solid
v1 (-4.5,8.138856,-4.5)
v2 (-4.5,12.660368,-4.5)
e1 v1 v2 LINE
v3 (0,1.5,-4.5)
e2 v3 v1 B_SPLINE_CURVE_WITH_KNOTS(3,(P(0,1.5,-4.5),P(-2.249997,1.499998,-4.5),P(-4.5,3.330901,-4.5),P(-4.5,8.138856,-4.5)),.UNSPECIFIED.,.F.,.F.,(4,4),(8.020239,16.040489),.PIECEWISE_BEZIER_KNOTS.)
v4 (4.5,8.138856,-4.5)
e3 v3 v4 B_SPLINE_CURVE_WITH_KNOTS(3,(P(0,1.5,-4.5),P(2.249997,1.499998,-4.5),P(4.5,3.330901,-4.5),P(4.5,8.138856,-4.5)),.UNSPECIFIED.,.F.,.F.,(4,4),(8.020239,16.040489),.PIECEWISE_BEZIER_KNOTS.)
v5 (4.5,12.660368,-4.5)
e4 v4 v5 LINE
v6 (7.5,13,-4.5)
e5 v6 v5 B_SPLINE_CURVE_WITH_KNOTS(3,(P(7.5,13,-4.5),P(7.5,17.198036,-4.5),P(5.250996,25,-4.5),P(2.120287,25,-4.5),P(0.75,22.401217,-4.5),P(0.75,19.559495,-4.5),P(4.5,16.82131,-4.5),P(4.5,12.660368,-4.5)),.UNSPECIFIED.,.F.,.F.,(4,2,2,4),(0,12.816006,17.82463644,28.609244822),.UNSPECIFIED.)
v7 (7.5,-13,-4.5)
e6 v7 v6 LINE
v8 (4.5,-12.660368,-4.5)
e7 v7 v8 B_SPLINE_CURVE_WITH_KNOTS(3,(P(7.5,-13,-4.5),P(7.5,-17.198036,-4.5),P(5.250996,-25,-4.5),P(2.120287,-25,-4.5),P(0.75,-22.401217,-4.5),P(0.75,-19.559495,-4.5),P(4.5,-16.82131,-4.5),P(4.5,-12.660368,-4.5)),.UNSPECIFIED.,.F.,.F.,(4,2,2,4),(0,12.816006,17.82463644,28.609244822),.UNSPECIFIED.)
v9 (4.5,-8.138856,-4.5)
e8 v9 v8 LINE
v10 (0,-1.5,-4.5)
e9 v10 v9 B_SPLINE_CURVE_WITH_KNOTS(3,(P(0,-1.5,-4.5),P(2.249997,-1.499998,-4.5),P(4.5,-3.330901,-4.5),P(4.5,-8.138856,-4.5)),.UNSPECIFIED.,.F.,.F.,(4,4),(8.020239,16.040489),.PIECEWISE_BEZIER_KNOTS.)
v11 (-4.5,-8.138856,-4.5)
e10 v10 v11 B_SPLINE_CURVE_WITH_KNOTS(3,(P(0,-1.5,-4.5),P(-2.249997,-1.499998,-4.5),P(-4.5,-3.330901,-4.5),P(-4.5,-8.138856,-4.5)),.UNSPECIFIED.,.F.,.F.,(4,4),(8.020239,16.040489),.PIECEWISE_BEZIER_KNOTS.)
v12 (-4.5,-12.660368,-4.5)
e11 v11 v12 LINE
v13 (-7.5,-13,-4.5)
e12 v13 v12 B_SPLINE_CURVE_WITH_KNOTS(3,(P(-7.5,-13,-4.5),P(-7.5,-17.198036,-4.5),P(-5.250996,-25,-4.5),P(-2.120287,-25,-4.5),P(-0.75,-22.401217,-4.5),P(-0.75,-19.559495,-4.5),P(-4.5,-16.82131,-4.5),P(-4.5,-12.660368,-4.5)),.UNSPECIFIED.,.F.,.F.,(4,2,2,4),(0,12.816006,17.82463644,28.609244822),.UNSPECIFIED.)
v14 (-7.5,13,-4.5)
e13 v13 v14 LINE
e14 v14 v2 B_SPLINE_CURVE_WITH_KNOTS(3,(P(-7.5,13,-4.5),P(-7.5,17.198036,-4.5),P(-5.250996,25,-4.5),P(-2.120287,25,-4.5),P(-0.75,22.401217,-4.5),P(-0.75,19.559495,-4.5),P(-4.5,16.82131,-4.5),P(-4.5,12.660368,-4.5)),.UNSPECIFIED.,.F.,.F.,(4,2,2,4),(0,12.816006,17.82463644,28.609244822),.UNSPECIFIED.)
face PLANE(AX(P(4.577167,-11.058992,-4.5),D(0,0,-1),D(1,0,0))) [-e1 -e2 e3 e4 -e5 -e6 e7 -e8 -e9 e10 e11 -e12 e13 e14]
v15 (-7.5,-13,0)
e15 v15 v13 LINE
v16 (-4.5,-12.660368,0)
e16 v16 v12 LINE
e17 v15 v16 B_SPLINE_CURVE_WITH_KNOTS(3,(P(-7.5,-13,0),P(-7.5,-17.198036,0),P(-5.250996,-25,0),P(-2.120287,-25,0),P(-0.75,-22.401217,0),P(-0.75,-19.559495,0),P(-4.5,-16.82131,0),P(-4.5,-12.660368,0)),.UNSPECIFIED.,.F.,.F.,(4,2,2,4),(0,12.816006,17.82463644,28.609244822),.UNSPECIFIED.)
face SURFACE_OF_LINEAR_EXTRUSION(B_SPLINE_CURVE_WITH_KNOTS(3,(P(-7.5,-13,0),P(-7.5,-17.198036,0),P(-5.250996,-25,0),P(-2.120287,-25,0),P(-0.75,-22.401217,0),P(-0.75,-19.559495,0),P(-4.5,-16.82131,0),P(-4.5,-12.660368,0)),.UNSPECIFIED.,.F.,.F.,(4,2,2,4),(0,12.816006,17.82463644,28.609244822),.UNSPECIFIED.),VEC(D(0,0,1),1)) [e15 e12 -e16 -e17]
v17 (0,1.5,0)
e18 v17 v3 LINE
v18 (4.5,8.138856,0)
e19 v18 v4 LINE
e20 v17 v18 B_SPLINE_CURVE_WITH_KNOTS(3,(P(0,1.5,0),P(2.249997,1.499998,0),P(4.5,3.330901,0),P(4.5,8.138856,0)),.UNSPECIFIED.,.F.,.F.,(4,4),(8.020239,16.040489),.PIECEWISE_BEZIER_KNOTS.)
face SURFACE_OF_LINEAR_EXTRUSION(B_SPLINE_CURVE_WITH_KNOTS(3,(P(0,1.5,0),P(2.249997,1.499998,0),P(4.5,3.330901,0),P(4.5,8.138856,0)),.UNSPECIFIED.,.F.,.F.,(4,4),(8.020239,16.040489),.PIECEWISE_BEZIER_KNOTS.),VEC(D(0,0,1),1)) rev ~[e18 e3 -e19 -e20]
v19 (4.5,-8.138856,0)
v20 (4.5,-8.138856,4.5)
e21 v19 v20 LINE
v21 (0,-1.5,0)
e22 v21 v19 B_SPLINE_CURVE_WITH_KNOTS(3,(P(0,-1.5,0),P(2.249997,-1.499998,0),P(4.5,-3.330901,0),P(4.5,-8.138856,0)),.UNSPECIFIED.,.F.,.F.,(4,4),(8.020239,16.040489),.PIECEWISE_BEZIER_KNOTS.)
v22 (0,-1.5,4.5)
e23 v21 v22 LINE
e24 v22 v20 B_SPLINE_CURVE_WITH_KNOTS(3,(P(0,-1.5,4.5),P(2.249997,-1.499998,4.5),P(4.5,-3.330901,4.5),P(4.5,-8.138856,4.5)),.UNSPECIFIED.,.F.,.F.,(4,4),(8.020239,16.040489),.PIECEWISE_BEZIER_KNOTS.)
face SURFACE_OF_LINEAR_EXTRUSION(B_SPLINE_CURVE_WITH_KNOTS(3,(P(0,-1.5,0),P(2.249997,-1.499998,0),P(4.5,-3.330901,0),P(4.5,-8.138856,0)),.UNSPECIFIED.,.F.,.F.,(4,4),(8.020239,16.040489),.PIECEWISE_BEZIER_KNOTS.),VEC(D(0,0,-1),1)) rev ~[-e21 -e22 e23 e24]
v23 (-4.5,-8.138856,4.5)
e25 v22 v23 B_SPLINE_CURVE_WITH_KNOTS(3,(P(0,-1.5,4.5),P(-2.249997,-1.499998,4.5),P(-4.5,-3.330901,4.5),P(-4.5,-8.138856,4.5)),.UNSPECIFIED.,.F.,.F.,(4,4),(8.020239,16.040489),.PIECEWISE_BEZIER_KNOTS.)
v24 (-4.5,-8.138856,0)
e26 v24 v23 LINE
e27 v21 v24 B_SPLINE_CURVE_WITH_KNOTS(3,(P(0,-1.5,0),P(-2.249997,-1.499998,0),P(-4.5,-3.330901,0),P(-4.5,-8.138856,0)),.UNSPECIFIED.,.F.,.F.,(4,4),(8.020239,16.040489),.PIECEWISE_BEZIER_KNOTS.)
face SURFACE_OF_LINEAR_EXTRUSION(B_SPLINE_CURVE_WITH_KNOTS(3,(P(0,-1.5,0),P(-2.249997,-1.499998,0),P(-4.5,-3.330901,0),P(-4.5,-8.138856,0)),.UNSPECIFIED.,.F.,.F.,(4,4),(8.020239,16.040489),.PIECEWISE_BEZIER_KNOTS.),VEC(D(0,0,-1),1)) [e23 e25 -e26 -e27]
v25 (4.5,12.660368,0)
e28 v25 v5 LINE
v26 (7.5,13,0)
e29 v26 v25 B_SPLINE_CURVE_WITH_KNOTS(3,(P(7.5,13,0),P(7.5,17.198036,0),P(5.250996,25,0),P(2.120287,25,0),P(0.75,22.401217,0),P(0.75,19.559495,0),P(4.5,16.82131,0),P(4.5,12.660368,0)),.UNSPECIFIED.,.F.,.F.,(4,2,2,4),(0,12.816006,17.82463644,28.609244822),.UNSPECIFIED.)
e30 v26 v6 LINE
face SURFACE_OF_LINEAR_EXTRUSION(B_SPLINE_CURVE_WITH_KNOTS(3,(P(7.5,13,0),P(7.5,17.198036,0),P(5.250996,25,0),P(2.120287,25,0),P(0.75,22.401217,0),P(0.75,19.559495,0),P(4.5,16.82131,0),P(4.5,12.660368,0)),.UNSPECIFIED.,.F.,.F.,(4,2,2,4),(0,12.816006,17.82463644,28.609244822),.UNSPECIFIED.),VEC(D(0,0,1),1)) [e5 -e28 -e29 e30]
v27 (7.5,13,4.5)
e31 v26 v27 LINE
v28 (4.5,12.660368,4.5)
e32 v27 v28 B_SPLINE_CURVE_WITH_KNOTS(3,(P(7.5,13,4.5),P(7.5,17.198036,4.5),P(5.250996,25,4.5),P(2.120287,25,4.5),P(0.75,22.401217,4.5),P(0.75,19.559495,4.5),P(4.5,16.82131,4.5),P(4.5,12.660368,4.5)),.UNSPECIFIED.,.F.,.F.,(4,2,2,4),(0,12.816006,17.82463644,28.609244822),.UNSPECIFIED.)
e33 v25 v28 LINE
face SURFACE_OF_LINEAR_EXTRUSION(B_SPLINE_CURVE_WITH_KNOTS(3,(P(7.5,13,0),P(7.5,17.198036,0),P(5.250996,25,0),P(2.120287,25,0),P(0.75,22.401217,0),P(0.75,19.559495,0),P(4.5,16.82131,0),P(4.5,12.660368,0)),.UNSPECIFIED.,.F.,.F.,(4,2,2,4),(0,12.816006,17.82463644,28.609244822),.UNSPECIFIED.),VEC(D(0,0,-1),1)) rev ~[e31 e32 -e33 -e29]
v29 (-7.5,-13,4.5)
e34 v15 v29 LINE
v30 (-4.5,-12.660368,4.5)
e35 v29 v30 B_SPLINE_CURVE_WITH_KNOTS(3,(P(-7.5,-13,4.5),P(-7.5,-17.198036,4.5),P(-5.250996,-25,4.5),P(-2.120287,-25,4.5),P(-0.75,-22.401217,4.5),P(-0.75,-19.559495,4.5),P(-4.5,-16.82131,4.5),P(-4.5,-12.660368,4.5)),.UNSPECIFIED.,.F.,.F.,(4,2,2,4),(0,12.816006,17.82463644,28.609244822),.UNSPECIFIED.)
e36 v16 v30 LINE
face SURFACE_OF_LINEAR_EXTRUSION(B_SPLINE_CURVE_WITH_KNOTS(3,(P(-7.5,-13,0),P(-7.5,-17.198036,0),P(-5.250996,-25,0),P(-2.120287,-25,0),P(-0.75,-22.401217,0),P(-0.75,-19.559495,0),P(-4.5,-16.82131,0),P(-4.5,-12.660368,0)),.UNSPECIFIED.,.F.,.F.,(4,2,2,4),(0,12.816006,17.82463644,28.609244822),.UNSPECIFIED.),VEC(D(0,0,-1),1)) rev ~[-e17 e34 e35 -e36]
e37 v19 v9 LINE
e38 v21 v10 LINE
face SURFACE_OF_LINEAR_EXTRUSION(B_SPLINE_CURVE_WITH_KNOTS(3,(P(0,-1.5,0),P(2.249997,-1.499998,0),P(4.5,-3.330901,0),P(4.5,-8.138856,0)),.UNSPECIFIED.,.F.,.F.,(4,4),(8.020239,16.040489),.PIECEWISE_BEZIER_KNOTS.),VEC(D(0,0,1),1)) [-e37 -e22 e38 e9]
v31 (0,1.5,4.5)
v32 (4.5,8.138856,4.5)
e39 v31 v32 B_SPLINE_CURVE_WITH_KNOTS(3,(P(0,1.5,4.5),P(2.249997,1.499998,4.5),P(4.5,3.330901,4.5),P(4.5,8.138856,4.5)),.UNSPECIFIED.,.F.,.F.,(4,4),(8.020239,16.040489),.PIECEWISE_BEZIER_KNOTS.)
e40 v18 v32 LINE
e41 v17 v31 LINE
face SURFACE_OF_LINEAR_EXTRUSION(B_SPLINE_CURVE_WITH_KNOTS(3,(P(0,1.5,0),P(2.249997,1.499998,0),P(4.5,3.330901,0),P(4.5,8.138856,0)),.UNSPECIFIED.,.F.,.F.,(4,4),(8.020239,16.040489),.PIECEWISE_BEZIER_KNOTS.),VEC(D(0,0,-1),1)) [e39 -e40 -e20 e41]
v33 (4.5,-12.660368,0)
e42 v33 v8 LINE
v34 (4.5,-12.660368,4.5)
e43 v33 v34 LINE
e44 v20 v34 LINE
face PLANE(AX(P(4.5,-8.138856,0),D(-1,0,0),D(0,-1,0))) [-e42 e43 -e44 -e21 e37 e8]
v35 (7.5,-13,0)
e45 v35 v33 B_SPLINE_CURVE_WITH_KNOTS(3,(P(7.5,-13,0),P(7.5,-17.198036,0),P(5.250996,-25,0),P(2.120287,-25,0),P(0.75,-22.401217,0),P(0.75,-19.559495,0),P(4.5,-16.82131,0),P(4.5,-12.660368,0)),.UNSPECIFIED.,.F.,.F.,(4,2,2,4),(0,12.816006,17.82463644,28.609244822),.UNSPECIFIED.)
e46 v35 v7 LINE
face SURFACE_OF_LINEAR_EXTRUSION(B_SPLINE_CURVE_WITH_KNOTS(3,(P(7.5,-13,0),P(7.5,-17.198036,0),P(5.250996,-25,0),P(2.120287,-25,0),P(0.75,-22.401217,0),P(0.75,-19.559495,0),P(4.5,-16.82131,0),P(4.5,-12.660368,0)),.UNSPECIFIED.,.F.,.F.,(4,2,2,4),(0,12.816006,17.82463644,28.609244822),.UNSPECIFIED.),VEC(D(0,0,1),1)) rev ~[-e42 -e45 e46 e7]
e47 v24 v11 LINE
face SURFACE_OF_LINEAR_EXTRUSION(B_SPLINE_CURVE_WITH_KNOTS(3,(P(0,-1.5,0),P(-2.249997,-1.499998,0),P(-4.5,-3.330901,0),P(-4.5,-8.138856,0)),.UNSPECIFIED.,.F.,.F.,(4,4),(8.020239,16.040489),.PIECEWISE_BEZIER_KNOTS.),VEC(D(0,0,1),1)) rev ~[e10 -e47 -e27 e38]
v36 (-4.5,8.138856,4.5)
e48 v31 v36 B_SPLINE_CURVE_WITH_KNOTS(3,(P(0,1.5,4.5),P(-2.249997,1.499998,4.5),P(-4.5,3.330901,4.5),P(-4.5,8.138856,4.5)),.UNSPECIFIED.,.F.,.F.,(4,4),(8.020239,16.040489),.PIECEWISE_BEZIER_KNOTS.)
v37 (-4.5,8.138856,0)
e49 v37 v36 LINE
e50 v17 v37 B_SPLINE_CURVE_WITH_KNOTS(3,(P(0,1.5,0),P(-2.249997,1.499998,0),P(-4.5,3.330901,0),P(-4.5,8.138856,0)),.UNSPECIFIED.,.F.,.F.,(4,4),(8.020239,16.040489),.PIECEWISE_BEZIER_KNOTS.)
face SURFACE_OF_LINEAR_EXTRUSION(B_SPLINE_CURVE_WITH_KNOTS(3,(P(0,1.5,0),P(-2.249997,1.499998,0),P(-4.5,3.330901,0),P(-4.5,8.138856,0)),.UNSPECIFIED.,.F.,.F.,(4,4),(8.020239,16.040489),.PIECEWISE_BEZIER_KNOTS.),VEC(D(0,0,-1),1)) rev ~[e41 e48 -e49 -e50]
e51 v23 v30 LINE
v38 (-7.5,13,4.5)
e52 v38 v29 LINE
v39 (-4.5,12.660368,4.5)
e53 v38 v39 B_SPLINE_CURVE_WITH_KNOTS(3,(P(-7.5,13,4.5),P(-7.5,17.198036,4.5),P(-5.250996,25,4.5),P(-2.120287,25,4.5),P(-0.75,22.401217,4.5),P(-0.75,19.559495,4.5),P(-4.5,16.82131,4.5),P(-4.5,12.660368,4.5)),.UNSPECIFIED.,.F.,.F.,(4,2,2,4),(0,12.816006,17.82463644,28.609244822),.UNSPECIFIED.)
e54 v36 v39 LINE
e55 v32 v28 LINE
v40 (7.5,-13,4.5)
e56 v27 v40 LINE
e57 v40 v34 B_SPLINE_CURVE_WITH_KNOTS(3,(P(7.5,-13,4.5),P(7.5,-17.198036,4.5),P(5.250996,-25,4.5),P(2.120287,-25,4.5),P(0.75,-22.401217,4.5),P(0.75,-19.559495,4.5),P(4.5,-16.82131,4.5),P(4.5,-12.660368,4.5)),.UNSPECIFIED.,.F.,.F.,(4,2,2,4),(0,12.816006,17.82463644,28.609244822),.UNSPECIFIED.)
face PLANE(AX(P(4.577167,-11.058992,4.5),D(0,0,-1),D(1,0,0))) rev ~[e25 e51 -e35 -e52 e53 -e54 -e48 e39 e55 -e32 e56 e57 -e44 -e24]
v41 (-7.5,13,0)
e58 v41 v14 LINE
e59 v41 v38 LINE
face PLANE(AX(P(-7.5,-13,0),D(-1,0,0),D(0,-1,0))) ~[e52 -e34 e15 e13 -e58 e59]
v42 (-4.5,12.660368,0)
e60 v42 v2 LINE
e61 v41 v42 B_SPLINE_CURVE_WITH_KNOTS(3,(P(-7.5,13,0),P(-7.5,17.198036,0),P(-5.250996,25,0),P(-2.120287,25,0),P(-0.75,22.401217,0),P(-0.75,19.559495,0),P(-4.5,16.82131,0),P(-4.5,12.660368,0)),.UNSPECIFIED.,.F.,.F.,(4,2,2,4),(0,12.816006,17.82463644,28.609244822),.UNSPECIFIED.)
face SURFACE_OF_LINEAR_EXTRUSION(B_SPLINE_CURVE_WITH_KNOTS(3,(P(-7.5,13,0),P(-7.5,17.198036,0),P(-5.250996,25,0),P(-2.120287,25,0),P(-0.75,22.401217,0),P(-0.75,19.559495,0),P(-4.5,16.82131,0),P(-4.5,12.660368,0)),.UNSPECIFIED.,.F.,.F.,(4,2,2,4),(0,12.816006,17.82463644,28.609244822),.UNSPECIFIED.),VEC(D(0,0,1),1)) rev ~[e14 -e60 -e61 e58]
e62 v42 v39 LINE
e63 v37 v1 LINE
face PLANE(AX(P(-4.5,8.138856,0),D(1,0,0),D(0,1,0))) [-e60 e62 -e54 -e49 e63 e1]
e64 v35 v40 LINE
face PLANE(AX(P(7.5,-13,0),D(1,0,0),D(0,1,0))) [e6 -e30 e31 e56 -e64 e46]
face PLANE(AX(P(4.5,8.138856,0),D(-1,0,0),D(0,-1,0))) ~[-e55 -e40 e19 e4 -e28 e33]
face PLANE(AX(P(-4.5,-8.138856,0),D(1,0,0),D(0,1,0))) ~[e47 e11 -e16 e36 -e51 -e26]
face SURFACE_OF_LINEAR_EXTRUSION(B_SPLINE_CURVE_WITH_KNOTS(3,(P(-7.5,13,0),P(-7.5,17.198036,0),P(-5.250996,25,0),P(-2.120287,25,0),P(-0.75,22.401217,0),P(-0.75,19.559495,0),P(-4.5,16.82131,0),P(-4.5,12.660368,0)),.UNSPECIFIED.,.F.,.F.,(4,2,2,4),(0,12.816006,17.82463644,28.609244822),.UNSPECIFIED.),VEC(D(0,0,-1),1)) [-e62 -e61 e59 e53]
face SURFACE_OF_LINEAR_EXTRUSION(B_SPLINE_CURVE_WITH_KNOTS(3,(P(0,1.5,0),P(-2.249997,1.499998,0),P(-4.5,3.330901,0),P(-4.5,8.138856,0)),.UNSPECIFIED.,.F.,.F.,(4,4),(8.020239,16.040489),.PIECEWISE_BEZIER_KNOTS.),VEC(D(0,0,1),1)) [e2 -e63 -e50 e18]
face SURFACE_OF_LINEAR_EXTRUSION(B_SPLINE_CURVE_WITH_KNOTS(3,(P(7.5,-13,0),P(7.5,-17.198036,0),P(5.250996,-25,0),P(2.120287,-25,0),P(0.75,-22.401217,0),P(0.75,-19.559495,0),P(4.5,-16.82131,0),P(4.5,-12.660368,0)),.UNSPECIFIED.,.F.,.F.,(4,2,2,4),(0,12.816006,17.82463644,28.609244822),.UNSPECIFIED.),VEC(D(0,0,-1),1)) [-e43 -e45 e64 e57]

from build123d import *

# Parameters (mm, degrees)
F1_DEPTH = 4.5


with BuildPart() as f1:
    # F0 (on Top) → F1 (new body, symmetric)
    with BuildSketch(Plane.XY):
        with BuildLine():
            add(Edge.make_bspline(
                [(-7.5, 13), (-7.5, 17.198036), (-5.250996, 25), (-3, 25)],
                knots=[0, 0, 0, 0, 12.816006, 12.816006, 12.816006, 12.816006], degree=3))
            Line((-7.5, 13), (-7.5, 0))
            Line((-7.5, 0), (0, 0))
            Line((0, 0), (0, 1.5))
            add(Edge.make_bspline(
                [(0, 1.5), (-2.249997, 1.499998), (-4.5, 3.330901), (-4.5, 8.138856)],
                knots=[8.020239, 8.020239, 8.020239, 8.020239, 16.040489, 16.040489, 16.040489, 16.040489], degree=3))
            Line((-4.5, 8.138856), (-4.5, 12.660368))
            add(Edge.make_bspline(
                [(-0.75, 21.5), (-0.75, 19.559495), (-4.5, 16.82131), (-4.5, 12.660368)],
                knots=[0, 0, 0, 0, 9.602166, 9.602166, 9.602166, 9.602166], degree=3))
            add(Edge.make_bspline(
                [(-3, 25), (-2.120287, 25), (-0.75, 22.401217), (-0.75, 21.5)],
                knots=[0, 0, 0, 0, 4.160829, 4.160829, 4.160829, 4.160829], degree=3))
        make_face()
    extrude(amount=F1_DEPTH, both=True)

    # F2: F1 across face


with BuildPart() as f1_1:
    add(f1.part)
    add(f1.part.mirror(Plane(origin=(0, 0.75, 0), x_dir=(0, 1, 0), z_dir=(1, 0, 0))))

    # F3: F1 across face


with BuildPart() as f1_2:
    add(f1_1.part)
    add(f1_1.part.mirror(Plane.XZ))


solid = f1_2.part
